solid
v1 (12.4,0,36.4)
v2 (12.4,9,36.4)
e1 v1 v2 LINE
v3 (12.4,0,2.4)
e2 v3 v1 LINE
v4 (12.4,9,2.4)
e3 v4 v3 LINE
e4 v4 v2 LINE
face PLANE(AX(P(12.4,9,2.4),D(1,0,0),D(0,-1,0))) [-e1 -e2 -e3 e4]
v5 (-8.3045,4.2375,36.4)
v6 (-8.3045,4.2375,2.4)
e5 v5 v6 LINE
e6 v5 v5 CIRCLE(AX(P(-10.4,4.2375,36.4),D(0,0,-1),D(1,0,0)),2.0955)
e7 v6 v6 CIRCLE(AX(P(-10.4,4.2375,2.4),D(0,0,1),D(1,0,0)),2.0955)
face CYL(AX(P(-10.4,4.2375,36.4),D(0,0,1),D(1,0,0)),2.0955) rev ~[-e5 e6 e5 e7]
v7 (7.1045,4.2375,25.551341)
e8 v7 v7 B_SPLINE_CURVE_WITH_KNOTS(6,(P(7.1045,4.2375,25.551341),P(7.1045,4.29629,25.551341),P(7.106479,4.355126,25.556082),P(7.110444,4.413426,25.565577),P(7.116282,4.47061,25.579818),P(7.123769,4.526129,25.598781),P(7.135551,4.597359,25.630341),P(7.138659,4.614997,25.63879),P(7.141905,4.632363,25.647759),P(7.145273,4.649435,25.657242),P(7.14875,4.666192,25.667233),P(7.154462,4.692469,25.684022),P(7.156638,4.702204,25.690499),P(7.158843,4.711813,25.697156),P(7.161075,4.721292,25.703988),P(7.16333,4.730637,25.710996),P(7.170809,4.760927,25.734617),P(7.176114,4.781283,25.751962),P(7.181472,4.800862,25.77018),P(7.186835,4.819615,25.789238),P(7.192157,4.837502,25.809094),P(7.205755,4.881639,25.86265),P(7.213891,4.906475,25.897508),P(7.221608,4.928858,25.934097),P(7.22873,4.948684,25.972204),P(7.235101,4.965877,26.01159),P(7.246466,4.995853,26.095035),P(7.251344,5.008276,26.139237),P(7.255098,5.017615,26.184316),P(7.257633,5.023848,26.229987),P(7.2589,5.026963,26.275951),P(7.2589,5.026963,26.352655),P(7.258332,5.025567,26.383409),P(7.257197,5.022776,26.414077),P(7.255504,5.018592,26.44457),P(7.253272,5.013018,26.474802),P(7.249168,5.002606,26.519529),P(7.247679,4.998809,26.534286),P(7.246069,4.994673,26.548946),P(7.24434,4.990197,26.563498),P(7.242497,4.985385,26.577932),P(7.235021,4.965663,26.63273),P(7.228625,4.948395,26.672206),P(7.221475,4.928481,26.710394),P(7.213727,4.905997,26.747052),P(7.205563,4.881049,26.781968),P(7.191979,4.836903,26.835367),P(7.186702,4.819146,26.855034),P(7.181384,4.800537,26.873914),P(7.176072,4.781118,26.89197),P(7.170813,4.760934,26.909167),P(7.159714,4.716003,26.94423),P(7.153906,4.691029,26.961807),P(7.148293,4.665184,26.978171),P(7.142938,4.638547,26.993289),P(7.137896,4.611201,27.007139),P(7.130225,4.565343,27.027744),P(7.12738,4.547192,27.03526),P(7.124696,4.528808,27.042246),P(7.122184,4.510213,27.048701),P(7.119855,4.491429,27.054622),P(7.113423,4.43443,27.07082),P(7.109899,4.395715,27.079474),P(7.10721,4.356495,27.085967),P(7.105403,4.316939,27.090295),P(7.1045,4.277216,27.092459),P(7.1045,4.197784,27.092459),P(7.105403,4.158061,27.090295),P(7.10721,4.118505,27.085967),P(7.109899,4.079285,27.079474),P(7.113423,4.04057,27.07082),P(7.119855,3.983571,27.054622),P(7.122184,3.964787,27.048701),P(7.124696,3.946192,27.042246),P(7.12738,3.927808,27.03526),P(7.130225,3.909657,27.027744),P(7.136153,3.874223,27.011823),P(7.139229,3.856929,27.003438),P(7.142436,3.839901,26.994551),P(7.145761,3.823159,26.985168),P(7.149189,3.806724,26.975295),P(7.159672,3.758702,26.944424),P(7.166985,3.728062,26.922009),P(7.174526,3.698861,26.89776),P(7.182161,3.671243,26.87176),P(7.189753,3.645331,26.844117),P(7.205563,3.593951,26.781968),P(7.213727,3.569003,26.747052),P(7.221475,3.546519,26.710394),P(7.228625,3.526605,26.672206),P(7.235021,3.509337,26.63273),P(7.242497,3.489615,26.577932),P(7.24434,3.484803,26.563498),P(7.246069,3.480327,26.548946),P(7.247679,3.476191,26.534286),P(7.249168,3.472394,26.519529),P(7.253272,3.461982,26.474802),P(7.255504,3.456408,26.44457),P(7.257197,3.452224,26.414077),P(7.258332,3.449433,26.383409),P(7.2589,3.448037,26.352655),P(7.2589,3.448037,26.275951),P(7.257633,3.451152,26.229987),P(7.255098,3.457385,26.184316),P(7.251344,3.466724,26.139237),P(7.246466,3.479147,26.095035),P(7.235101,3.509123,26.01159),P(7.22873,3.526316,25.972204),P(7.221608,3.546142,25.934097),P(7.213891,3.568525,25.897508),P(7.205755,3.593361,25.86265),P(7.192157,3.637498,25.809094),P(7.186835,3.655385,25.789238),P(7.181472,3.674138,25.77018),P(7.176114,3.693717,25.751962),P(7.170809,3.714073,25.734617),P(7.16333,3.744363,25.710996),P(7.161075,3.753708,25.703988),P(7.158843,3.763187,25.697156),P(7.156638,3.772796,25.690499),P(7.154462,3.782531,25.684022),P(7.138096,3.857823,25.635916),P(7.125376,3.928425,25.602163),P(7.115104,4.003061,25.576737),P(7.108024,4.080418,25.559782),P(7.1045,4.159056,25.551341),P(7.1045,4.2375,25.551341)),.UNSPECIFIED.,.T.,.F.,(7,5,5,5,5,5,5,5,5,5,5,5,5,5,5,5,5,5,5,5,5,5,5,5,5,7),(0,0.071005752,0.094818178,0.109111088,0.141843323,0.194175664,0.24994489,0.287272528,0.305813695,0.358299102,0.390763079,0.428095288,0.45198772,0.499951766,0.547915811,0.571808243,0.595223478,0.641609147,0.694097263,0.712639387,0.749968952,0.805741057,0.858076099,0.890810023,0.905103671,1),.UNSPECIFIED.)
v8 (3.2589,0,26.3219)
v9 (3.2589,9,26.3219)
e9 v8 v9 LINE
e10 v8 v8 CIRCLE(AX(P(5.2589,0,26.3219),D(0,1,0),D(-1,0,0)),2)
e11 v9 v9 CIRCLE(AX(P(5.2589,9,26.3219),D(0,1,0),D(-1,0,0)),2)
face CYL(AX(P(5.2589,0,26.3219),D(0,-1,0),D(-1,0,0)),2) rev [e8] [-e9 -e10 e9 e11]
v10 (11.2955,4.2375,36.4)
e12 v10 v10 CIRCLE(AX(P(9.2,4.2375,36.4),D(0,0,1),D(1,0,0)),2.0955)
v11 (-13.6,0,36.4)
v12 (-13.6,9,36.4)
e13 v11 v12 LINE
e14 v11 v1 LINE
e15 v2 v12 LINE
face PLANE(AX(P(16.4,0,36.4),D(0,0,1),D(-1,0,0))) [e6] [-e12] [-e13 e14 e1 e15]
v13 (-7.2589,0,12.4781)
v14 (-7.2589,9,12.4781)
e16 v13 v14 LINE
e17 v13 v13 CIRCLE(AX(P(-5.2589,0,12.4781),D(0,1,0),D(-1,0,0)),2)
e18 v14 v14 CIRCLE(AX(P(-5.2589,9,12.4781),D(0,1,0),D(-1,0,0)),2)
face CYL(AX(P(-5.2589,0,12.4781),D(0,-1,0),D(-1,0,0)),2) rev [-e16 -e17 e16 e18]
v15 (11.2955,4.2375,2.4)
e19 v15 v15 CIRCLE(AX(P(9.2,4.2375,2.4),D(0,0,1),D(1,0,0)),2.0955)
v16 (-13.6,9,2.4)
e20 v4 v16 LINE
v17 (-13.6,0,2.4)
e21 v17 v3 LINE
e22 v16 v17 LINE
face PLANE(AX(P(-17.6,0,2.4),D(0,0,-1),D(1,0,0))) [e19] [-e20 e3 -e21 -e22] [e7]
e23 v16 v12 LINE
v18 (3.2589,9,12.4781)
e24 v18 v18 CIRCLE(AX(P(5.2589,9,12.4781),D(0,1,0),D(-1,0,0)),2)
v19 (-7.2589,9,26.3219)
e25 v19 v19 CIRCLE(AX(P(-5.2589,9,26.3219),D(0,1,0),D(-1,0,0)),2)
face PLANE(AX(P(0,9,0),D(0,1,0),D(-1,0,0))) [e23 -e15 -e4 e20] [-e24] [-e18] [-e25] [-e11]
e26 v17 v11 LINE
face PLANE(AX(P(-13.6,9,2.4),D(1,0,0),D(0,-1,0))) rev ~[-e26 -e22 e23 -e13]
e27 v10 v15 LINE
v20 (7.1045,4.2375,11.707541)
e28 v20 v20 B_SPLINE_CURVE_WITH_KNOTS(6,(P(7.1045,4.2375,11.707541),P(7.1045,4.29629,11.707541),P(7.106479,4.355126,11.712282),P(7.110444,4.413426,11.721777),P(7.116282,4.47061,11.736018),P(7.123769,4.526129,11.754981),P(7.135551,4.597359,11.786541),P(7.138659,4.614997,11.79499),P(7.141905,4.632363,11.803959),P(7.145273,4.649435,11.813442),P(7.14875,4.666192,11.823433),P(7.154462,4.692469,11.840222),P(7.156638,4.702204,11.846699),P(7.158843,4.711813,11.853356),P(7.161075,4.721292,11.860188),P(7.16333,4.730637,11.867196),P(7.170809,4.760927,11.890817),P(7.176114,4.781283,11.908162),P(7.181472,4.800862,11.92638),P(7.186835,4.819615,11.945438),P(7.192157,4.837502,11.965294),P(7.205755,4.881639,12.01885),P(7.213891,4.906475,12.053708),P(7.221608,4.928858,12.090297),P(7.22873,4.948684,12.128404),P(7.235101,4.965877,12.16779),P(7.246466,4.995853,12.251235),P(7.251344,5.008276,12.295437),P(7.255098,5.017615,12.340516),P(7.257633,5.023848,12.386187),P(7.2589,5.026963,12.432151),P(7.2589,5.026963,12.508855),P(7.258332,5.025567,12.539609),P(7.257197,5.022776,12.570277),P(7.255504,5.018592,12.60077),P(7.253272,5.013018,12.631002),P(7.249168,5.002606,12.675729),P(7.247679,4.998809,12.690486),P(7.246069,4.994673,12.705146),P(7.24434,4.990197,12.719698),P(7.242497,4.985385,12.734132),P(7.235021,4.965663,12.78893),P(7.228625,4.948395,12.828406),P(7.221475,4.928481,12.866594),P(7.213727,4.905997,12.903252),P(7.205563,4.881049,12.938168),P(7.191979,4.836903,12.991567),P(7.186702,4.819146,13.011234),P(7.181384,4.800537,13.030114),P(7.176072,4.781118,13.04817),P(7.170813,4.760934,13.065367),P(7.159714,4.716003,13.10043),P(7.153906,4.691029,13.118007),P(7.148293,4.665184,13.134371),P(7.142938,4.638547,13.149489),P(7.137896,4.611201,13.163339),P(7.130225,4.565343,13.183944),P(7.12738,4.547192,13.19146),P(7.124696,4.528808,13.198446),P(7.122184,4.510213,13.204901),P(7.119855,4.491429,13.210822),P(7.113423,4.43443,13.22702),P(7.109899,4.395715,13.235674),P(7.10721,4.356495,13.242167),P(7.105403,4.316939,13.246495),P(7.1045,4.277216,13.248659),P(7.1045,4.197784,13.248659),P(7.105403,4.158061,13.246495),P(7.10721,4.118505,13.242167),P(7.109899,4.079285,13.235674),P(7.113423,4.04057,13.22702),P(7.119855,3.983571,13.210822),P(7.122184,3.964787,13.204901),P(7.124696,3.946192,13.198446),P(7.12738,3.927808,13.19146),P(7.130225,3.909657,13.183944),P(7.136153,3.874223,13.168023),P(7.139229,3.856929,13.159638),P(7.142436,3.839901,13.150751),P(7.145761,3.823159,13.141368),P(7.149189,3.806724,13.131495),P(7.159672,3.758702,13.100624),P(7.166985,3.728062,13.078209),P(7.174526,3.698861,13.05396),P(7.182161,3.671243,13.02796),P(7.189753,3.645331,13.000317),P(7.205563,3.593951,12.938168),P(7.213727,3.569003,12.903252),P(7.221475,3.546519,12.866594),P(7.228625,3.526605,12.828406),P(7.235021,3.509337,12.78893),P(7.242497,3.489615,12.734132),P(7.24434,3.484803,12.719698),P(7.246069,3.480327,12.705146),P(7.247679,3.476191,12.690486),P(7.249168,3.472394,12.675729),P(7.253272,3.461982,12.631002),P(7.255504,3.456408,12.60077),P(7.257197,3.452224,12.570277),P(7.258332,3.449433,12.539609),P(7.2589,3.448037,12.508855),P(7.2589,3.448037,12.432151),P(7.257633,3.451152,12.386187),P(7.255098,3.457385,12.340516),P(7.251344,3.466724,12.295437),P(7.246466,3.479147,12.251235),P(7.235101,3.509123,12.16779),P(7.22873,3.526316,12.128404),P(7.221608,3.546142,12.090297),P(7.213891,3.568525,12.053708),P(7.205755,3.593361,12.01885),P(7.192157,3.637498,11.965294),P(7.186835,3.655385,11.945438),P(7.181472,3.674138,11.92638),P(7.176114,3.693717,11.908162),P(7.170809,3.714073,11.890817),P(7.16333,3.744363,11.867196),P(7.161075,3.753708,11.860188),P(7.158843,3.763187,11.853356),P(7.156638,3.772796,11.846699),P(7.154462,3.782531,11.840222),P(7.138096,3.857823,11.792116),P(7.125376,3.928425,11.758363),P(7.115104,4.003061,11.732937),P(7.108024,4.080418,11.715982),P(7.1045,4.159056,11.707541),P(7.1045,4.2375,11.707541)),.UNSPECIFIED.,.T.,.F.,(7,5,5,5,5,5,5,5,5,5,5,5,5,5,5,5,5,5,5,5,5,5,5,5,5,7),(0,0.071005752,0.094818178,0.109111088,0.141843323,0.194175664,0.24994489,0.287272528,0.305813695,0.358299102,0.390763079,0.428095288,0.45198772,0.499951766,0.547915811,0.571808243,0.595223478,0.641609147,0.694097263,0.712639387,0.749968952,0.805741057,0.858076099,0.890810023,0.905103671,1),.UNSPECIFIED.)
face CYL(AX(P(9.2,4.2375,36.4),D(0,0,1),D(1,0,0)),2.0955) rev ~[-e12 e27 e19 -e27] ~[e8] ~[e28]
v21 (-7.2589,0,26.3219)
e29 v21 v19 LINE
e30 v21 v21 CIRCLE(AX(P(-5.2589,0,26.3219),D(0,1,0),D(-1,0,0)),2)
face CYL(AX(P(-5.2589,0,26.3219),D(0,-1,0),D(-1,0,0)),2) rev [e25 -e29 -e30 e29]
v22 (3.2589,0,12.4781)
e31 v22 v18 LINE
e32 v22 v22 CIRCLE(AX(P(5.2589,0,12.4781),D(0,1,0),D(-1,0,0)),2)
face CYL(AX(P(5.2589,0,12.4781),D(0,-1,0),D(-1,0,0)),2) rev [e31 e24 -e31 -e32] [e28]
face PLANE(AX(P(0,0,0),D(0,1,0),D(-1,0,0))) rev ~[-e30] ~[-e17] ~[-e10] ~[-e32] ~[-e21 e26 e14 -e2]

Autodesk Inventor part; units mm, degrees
ref_plane "YZ Plane" through (0, 0, 0) normal (1, 0, 0) x (0, 1, 0)
ref_plane "XZ Plane" through (0, 0, 0) normal (0, 1, 0) x (-1, 0, 0)
ref_plane "XY Plane" through (0, 0, 0) normal (0, 0, 1) x (1, 0, 0)
sketch "Sketch1" plane through (0, 0, 0) normal (0, 1, 0) x (-1, 0, 0)
  line L0 (-16.4, 36.4) -> (17.6, 36.4)
  line L1 (17.6, 2.4) -> (-16.4, 2.4)
  line L2 (0, 36.4) -> (10, 36.4)
  line L3 (16.4, 6.0801) -> (17.6, 6.0801)
  line L4 (10, 24.9) -> (12.1364, 24.9)
  line L5 (-16.4, 2.4) -> (-16.4, 6.0801)
  line L6 (-16.4, 43.7199) -> (-16.4, 36.4)
  line L7 (17.6, 36.4) -> (17.6, 43.7199)
  line L8 (17.6, 6.0801) -> (17.6, 2.4)
  line L9 (0, 36.4) -> (0, 32.7199)
  line L10 (-16.4, 36.4) -> (17.6, 36.4)
  line L11 (17.6, 36.4) -> (17.6, 2.4)
  line L12 (17.6, 2.4) -> (-16.4, 2.4)
  line L13 (-16.4, 2.4) -> (-16.4, 36.4)
  circle A0 centre (-5.2589, 26.3219) radius 2
  line L14 (0, 19.4) -> (0, 2.4)
  circle A1 centre (5.2589, 26.3219) radius 2
  circle A2 centre (-5.2589, 12.4781) radius 2
  circle A3 centre (5.2589, 12.4781) radius 2
  point P0 (0, 0)
  point P1 (10, 2.4)
  point P2 (-10, 47.4)
  point P3 (-10, 2.4)
  point P4 (-17.6, 6.0801)
  point P5 (-17.6, 43.7199)
  point P6 (-10, 24.9)
  dimension "d1" = 34
  dimension "d4" = 10
  dimension "d5" = 4
extrude "Extrusion2" add sketch "Sketch1" along normal blind 9
sketch "Sketch7" plane through (-17.6, 0, 36.4) normal (0, 0, 1) x (1, 0, 0)
  line L0 (0, 0) -> (34, 0) projected
  line L1 (0, 9) -> (34, 9) projected
  line L2 (17, 9) -> (17, 0)
  line L3 (0, 9) -> (17, 9)
  circle A0 centre (30.6525, 4.2375) radius 2.0955
  circle A1 centre (7.2, 4.2375) radius 2.0955
  line L4 (18.8525, 9) -> (-33.0985, 9)
  line L5 (18.8525, 23.1318) -> (18.8525, -15.955)
  line L6 (0, 0) -> (0, 9) projected
  dimension "d16" = 4.7625
  dimension "d21" = 7.2
extrude "Extrusion6" cut sketch "Sketch7" against normal up to next contours A1
sketch "Sketch8" plane through (-17.6, 0, 36.4) normal (0, 0, 1) x (1, 0, 0)
  circle A0 centre (7.2, 4.2375) radius 2.0955 projected
  line L0 (0, 9) -> (34, 9) projected
  line L1 (0, 0) -> (0, 9) projected
  line L2 (17, 9) -> (17, 4.5)
  circle A1 centre (7.2, 4.2375) radius 2.0955
  circle A2 centre (26.8, 4.2375) radius 2.0955
  line L3 (34, 0) -> (34, 9) projected
  point P0 (17.6, 0)
  dimension "d22" = 7.2
  dimension "d23" = 7.2
  dimension "d24" = 19.6
extrude "Extrusion7" cut sketch "Sketch8" against normal up to next contours A2
sketch "Sketch10" plane through (16.4, 0, 2.4) normal (0, 0, -1) x (-1, 0, 0)
  line L0 (0, 0) -> (34, 0) projected
  line L1 (0, 9) -> (4, 9)
  line L2 (4, 9) -> (4, 0)
  line L3 (4, 0) -> (0, 0)
  line L4 (0, 0) -> (0, 9)
  point P0 (16.4, 0)
  dimension "d25" = 4
extrude "Extrusion8" cut sketch "Sketch10" against normal through all
sketch "Sketch11" plane through (-17.6, 0, 2.4) normal (0, 0, -1) x (-1, 0, 0)
  line L0 (-30, 0) -> (0, 0) projected
  line L1 (0, 9) -> (-4, 9)
  line L2 (-4, 9) -> (-4, 0)
  line L3 (-4, 0) -> (0, 0)
  line L4 (0, 0) -> (0, 9)
  point P0 (-17.6, 0)
  dimension "d28" = 4
extrude "Extrusion9" cut sketch "Sketch11" against normal through all
sketch "Sketch14" plane through (12.4, 0, 36.4) normal (1, 0, 0) x (0, 0, -1)
  line L0 (0, 0) -> (0, 9) projected
  line L1 (8.0781, 9) -> (8.0781, 15) projected
  line L2 (0, 15) -> (8.0781, 15) projected
  line L3 (0, 0) -> (0, 6.35)
  line L4 (0, 6.35) -> (10.8068, 6.35)
  line L5 (4.039, 15) -> (4.039, 6.35)
  circle A0 centre (4.039, 10.389) radius 4.039
  circle A1 centre (4.039, 10.389) radius 3.175
  point P0 (36.4, 0)
  dimension "d35" = 6.35
  dimension "d36" = 6.35
properties part number "top"
